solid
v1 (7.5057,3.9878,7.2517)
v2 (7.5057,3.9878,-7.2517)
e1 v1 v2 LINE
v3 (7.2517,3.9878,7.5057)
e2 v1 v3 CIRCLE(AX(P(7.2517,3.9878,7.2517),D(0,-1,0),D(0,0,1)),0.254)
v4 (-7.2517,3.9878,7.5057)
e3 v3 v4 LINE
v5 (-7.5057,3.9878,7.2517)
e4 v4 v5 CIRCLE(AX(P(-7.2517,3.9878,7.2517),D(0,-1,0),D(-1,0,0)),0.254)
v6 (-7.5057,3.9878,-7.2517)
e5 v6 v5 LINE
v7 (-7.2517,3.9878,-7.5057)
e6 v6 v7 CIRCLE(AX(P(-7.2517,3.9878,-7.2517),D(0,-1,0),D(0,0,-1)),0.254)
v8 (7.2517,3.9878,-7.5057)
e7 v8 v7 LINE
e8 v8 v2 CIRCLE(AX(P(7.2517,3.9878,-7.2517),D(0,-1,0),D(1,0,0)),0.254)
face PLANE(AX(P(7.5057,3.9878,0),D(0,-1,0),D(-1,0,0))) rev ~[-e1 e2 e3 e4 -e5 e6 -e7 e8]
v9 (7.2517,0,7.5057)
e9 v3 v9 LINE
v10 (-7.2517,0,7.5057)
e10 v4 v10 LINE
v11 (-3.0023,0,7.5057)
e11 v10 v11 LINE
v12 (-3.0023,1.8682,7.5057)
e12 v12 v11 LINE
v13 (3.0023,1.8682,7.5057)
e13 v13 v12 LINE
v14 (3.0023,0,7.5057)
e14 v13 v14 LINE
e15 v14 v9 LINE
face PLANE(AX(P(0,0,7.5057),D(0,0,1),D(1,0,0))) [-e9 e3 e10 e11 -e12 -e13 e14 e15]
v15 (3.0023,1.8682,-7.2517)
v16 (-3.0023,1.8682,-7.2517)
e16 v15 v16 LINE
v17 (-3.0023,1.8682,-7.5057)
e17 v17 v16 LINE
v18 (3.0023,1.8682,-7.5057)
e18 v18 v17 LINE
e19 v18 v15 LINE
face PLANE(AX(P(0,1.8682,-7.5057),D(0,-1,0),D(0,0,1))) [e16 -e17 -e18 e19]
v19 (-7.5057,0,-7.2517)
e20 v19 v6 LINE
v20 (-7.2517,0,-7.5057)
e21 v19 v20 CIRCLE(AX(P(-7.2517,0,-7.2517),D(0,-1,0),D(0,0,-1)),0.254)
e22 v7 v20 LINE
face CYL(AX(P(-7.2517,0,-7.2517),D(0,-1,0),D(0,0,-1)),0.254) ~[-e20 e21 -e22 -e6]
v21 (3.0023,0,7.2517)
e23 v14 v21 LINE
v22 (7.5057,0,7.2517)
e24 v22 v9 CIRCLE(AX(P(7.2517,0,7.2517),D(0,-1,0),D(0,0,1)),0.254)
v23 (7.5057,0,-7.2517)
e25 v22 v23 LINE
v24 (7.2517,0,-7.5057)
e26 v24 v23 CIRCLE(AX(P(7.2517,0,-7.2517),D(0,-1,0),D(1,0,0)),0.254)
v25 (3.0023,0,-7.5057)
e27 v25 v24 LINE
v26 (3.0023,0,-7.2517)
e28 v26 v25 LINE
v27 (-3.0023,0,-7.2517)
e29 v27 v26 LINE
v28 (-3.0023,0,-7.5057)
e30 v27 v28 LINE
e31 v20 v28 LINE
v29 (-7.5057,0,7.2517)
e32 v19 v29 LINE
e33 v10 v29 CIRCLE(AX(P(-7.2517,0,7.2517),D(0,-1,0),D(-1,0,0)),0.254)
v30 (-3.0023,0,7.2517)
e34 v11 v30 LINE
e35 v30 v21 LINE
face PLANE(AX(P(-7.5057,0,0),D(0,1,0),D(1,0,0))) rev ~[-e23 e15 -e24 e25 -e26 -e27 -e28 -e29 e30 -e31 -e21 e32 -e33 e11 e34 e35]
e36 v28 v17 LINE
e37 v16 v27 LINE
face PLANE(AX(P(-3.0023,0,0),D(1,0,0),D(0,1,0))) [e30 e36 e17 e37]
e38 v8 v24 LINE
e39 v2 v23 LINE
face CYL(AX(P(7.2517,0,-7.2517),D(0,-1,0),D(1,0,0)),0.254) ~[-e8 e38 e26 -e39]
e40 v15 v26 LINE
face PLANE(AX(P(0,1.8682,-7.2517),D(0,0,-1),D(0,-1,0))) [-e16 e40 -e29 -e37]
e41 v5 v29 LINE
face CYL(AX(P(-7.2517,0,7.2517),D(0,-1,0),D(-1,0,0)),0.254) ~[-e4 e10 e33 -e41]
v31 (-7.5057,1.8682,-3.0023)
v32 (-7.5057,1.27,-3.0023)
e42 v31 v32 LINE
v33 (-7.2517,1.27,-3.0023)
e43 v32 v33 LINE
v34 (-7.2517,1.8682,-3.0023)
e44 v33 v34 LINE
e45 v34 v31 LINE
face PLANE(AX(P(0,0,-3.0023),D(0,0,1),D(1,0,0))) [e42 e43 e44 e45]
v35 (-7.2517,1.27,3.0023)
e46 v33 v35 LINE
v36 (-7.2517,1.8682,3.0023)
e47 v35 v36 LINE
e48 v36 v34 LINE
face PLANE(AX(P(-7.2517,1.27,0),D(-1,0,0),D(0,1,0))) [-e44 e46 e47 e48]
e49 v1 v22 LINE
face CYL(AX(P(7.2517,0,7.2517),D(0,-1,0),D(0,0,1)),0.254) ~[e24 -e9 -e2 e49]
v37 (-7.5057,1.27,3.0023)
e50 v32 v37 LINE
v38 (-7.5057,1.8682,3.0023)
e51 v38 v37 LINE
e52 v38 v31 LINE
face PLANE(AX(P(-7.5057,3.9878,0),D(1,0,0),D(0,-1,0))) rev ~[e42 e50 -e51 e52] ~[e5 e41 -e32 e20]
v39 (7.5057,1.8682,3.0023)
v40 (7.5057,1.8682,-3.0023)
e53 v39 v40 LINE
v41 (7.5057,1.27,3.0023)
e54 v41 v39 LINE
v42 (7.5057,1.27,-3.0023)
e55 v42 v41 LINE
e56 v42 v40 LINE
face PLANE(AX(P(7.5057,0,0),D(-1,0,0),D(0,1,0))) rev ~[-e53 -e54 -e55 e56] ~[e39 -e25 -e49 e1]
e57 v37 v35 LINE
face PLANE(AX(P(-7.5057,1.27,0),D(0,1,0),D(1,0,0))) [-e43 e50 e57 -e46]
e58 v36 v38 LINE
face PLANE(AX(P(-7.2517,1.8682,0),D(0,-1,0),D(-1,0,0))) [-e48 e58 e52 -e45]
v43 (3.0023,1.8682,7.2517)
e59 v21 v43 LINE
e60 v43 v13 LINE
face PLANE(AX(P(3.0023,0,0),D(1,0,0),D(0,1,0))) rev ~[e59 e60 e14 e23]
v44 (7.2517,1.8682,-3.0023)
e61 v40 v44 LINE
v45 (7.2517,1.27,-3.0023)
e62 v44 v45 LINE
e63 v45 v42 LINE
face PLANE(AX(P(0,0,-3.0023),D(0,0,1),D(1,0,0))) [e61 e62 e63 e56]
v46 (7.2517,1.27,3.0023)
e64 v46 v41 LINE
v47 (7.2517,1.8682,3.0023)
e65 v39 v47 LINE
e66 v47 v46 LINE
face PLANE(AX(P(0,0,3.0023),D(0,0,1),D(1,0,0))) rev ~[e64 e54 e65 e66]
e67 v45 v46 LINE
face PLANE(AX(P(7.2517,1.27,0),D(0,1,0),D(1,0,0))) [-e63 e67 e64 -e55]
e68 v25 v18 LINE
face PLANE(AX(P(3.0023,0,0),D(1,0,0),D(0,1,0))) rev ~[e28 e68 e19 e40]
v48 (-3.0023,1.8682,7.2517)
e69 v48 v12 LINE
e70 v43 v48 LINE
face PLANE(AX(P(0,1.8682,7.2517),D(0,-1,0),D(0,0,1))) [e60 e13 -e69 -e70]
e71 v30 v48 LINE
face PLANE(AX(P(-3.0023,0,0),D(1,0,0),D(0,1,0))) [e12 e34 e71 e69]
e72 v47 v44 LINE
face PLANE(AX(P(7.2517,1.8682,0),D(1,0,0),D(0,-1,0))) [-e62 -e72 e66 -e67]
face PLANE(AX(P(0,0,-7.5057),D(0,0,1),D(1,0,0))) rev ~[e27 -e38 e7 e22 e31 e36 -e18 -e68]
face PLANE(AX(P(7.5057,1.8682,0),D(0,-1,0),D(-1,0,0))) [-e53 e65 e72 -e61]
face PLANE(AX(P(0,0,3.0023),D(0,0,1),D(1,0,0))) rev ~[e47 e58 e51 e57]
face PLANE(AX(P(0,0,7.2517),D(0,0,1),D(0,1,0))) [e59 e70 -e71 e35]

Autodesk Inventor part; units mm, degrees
sketch "Sketch_31" plane through (0, 0, 0) normal (0, 0, 1) x (1, 0, 0)
  line L0 (-7.5057, 3.9878) -> (-7.5057, 0)
  line L1 (-7.5057, 0) -> (7.5057, 0)
  line L2 (7.5057, 0) -> (7.5057, 3.9878)
  line L3 (7.5057, 3.9878) -> (-7.5057, 3.9878)
extrude "Extrusion1" add sketch "Sketch_31" along normal mid plane 15.0114
sketch "Sketch_4" plane through (0, 0, 0) normal (0, 0, 1) x (1, 0, 0)
  line L0 (-7.5057, 1.27) -> (-7.2517, 1.27)
  line L1 (-7.2517, 1.27) -> (-7.2517, 1.8682)
  line L2 (-7.2517, 1.8682) -> (-7.5057, 1.8682)
  line L3 (-7.5057, 1.8682) -> (-7.5057, 1.27)
extrude "Extrusion2" cut sketch "Sketch_4" along normal mid plane 6.0046
sketch "Sketch_5" plane through (0, 0, 0) normal (0, 0, 1) x (1, 0, 0)
  line L0 (7.2517, 1.27) -> (7.5057, 1.27)
  line L1 (7.5057, 1.27) -> (7.5057, 1.8682)
  line L2 (7.5057, 1.8682) -> (7.2517, 1.8682)
  line L3 (7.2517, 1.8682) -> (7.2517, 1.27)
extrude "Extrusion3" cut sketch "Sketch_5" along normal mid plane 6.0046
sketch "Sketch_14" plane through (0, 0, 0) normal (1, 0, 0) x (0, 1, 0)
  line L0 (0, 7.5057) -> (0, 7.2517)
  line L1 (0, 7.2517) -> (1.8682, 7.2517)
  line L2 (1.8682, 7.2517) -> (1.8682, 7.5057)
  line L3 (1.8682, 7.5057) -> (0, 7.5057)
extrude "Extrusion4" cut sketch "Sketch_14" along normal mid plane 6.0046
sketch "Sketch_15" plane through (0, 0, 0) normal (1, 0, 0) x (0, 1, 0)
  line L0 (0, -7.2517) -> (0, -7.5057)
  line L1 (0, -7.5057) -> (1.8682, -7.5057)
  line L2 (1.8682, -7.5057) -> (1.8682, -7.2517)
  line L3 (1.8682, -7.2517) -> (0, -7.2517)
extrude "Extrusion5" cut sketch "Sketch_15" along normal mid plane 6.0046
sketch "Sketch_8" plane through (0, 0, 0) normal (0, 1, 0) x (-1, 0, 0)
  line L0 (8.2563, 8.2563) -> (-8.2563, 8.2563)
  line L1 (-8.2563, 8.2563) -> (-8.2563, -8.2563)
  line L2 (-8.2563, -8.2563) -> (8.2563, -8.2563)
  line L3 (8.2563, -8.2563) -> (8.2563, 8.2563)
  line L4 (7.5057, -7.2517) -> (7.5057, 7.2517)
  arc A0 (7.5057, 7.2517) -> (7.2517, 7.5057) centre (7.2517, 7.2517) ccw
  line L5 (7.2517, 7.5057) -> (-7.2517, 7.5057)
  arc A1 (-7.2517, 7.5057) -> (-7.5057, 7.2517) centre (-7.2517, 7.2517) ccw
  line L6 (-7.5057, 7.2517) -> (-7.5057, -7.2517)
  arc A2 (-7.5057, -7.2517) -> (-7.2517, -7.5057) centre (-7.2517, -7.2517) ccw
  line L7 (-7.2517, -7.5057) -> (7.2517, -7.5057)
  arc A3 (7.2517, -7.5057) -> (7.5057, -7.2517) centre (7.2517, -7.2517) ccw
extrude "Extrusion6" cut sketch "Sketch_8" along normal mid plane 10.5156
ref_plane "lens_to_bicol_led_1_XY" through (1.251, 3.9878, 4.9276) normal (0, 1, 0) x (1, 0, 0)
ref_plane "lens_to_bicol_led_1_YZ" through (1.251, 3.9878, 4.9276) normal (1, 0, 0) x (0, 0, -1)
ref_plane "lens_to_bicol_led_1_ZX" through (1.251, 3.9878, 4.9276) normal (0, 0, -1) x (0, 1, 0)
ref_plane "lens_to_bicol_led_2_XY" through (-1.251, 3.9878, 4.9276) normal (0, 1, 0) x (1, 0, 0)
ref_plane "lens_to_bicol_led_2_YZ" through (-1.251, 3.9878, 4.9276) normal (1, 0, 0) x (0, 0, -1)
ref_plane "lens_to_bicol_led_2_ZX" through (-1.251, 3.9878, 4.9276) normal (0, 0, -1) x (0, 1, 0)
ref_plane "lens_to_insert_XY" through (0, 2.9718, 0) normal (0, 1, 0) x (1, 0, 0)
ref_plane "lens_to_insert_YZ" through (0, 2.9718, 0) normal (1, 0, 0) x (0, 0, -1)
ref_plane "lens_to_insert_ZX" through (0, 2.9718, 0) normal (0, 0, -1) x (0, 1, 0)
ref_plane "lens_to_led_XY" through (0, 3.9878, 4.9276) normal (0, 1, 0) x (1, 0, 0)
ref_plane "lens_to_led_YZ" through (0, 3.9878, 4.9276) normal (1, 0, 0) x (0, 0, -1)
ref_plane "lens_to_led_ZX" through (0, 3.9878, 4.9276) normal (0, 0, -1) x (0, 1, 0)
ref_plane "lens_to_body_XY" through (0, 0, 0) normal (0, 1, 0) x (1, 0, 0)
ref_plane "lens_to_body_YZ" through (0, 0, 0) normal (1, 0, 0) x (0, 0, -1)
ref_plane "lens_to_body_ZX" through (0, 0, 0) normal (0, 0, -1) x (0, 1, 0)
properties part number "YB16SKW01-05-BB-BBni_lens"
